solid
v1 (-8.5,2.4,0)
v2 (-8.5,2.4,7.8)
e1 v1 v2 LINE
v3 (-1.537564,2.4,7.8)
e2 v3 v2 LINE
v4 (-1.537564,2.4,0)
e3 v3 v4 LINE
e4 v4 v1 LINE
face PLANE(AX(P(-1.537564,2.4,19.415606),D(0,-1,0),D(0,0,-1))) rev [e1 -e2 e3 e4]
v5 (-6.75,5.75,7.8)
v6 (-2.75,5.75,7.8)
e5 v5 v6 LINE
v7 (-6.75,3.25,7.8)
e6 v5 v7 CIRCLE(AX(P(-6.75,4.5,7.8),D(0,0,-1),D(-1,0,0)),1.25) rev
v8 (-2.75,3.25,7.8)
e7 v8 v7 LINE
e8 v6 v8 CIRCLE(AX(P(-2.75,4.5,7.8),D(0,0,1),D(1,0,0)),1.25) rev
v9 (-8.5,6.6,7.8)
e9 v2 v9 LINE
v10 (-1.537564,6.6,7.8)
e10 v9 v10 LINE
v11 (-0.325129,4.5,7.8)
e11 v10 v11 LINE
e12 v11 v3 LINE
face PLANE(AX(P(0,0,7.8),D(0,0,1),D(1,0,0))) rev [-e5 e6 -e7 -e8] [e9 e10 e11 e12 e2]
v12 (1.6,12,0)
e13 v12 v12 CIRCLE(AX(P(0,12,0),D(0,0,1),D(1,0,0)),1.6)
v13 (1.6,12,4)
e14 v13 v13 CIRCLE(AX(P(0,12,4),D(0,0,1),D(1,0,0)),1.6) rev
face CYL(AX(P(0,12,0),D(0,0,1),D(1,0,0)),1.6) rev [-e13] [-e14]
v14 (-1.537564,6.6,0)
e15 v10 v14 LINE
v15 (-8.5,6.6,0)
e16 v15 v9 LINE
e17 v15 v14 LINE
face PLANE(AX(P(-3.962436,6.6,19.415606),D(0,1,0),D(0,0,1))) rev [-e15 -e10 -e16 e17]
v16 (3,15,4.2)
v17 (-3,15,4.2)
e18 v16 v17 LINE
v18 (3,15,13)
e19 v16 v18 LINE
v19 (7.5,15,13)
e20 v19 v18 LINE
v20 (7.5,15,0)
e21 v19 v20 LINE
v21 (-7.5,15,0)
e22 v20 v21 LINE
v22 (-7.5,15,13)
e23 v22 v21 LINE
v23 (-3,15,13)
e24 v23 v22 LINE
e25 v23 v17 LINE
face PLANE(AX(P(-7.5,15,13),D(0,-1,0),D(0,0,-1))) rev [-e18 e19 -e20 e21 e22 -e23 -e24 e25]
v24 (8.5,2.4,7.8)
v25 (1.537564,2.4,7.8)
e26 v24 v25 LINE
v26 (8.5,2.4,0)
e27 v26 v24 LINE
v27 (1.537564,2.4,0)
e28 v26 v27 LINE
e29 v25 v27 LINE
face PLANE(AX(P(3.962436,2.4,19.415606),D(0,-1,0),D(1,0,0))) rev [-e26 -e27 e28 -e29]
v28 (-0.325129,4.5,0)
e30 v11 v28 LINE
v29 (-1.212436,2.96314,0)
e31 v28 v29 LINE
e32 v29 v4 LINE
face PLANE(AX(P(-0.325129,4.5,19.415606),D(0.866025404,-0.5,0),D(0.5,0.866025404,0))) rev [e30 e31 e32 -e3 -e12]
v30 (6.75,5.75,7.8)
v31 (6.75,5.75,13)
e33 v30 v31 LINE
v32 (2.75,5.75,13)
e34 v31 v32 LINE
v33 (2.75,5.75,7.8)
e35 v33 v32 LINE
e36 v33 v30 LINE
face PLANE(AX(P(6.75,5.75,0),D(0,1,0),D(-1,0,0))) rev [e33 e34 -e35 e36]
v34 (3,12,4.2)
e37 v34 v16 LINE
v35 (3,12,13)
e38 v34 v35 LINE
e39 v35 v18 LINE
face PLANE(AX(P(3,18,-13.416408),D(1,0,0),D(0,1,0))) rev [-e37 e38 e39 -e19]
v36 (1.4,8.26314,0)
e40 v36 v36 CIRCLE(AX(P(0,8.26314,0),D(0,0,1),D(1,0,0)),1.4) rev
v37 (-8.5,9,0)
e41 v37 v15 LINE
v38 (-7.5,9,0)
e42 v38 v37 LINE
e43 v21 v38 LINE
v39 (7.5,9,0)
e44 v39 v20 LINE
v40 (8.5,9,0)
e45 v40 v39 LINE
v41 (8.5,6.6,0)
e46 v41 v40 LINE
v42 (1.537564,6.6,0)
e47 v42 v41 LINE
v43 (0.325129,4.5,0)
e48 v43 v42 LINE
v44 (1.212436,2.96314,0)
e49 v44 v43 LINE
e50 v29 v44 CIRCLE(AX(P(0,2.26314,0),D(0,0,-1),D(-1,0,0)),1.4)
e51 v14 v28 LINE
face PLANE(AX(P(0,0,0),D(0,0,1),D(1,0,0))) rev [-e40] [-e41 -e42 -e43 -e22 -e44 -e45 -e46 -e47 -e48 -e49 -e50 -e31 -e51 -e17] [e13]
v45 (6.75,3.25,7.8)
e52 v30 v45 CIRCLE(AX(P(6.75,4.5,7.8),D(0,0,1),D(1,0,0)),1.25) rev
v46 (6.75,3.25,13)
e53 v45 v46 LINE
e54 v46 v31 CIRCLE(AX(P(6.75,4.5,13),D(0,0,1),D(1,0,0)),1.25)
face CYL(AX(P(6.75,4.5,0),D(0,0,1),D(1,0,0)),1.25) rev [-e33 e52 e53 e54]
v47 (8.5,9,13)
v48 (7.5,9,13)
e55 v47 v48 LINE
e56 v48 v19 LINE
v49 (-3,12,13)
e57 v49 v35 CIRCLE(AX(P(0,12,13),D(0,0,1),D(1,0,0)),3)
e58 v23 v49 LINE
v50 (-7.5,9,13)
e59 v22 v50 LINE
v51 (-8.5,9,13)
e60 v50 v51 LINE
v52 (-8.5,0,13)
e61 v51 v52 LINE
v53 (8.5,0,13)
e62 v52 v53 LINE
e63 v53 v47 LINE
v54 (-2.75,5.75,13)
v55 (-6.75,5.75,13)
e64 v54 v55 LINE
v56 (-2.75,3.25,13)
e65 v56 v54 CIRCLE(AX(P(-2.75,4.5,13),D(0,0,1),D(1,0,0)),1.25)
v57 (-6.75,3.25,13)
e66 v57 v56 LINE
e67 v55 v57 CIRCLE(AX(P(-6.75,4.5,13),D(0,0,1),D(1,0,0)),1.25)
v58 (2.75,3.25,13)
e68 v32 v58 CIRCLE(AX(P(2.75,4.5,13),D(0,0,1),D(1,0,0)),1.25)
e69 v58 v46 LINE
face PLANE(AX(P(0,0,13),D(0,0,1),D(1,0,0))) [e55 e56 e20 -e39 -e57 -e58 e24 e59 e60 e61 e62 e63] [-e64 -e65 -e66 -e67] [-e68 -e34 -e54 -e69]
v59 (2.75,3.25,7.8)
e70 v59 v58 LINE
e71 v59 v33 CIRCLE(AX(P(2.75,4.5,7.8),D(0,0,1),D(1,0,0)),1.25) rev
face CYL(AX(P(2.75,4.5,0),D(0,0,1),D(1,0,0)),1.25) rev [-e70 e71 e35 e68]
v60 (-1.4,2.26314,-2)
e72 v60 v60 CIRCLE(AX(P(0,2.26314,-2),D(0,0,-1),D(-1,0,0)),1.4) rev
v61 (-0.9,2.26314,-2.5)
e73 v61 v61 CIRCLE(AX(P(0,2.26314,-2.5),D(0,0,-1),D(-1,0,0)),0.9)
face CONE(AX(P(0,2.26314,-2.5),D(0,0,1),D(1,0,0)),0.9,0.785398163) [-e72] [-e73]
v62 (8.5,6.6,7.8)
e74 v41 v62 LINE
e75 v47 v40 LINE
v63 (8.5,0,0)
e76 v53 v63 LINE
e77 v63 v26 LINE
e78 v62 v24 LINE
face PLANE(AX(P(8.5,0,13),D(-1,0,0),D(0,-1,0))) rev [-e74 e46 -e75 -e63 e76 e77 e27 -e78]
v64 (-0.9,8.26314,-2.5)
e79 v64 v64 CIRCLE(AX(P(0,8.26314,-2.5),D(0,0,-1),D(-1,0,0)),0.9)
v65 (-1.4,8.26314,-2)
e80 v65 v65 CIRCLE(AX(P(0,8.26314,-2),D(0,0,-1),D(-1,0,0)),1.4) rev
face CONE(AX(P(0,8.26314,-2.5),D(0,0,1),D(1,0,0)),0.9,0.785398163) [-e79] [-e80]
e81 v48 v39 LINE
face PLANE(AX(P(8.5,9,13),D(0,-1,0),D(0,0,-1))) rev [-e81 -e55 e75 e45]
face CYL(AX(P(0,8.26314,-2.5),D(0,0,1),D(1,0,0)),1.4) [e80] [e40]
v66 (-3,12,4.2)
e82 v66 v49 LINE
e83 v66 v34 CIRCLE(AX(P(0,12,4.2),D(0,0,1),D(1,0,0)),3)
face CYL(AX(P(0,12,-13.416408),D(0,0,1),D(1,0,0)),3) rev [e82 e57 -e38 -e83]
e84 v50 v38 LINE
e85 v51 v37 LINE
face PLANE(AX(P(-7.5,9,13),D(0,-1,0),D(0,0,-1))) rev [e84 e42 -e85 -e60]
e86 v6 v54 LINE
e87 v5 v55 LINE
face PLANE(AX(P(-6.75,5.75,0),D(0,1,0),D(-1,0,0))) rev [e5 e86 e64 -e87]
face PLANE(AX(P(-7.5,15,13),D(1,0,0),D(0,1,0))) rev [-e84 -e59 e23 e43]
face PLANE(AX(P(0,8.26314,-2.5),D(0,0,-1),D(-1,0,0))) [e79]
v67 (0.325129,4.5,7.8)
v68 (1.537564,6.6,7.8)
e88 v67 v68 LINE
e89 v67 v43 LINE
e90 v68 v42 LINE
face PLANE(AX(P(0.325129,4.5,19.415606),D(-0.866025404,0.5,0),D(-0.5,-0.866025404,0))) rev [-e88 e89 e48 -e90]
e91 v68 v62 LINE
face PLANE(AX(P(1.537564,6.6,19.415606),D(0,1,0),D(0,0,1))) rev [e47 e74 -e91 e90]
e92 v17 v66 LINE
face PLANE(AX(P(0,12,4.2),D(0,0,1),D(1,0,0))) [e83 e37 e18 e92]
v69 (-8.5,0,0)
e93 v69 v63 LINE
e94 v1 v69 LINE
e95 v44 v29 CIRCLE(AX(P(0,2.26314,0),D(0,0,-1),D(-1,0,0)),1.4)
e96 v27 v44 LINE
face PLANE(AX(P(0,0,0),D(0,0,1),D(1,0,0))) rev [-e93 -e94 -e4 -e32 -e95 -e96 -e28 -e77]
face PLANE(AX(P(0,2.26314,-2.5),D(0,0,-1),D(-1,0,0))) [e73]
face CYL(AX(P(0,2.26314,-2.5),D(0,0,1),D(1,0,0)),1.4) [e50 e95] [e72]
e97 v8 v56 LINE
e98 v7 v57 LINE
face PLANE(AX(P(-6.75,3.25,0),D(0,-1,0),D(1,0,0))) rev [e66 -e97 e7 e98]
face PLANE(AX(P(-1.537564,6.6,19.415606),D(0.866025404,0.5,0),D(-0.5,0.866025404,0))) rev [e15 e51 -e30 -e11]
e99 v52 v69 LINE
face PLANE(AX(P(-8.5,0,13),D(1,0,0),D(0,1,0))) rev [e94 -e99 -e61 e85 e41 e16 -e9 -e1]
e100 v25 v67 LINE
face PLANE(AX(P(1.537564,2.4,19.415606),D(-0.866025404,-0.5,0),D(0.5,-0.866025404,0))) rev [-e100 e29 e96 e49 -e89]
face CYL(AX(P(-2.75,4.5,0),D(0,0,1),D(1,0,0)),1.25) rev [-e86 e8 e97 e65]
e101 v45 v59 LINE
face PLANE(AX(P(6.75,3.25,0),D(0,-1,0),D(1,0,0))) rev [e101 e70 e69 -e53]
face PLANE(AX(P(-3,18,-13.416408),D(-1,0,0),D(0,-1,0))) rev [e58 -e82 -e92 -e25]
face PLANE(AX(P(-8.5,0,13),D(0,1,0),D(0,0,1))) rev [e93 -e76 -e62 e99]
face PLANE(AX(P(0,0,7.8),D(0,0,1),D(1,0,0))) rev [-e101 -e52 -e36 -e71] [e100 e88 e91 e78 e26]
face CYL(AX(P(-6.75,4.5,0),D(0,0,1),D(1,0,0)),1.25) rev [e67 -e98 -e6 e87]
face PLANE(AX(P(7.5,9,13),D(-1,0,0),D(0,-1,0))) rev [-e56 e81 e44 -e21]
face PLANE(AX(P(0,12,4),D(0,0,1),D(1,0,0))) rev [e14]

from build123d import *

# Parameters (mm, degrees)
BOSS_EXTRUDE1_DEPTH = 13
CUT_EXTRUDE1_DEPTH  = 9
SKETCH4_R           = 1.6
CUT_EXTRUDE2_DEPTH  = 20.448650339
SKETCH5_R           = 1.25
CUT_EXTRUDE3_DEPTH  = 22.592822882
CUT_EXTRUDE4_DEPTH  = 22.592822882
CUT_EXTRUDE5_DEPTH  = 7.8
SKETCH9_W           = 6.962435565
SKETCH9_H           = 4.2
CUT_EXTRUDE6_DEPTH  = 7.8
SKETCH10_R          = 1.4
BOSS_EXTRUDE2_DEPTH = 2.5
CHAMFER1_SIZE       = 0.5
BOSS_EXTRUDE3_START = 0.2
BOSS_EXTRUDE3_DEPTH = 0.2


with BuildPart() as part:
    # Sketch1 → Boss-Extrude1 (new body)
    with BuildSketch(Plane.XY):
        Polygon((-8.5, 0), (8.5, 0), (8.5, 9), (7.5, 9), (7.5, 15), (-7.5, 15), (-7.5, 9), (-8.5, 9), align=None)
    extrude(amount=BOSS_EXTRUDE1_DEPTH)

    # Sketch2 → Cut-Extrude1 (cut)
    with BuildSketch(Plane.XY.offset(13)):
        with BuildLine():
            Line((3, 18), (3, 12))
            ThreePointArc((3, 12), (0, 9), (-3, 12))
            Line((-3, 12), (-3, 18))
            ThreePointArc((-3, 18), (0, 21), (3, 18))
        make_face()
    extrude(amount=-CUT_EXTRUDE1_DEPTH, mode=Mode.SUBTRACT)

    # Sketch4 → Cut-Extrude2 (cut, through all)
    with BuildSketch(Plane.XY.offset(4)):
        with Locations((0, 12)):
            Circle(SKETCH4_R)
    extrude(amount=-CUT_EXTRUDE2_DEPTH, mode=Mode.SUBTRACT)

    # Sketch5 → Cut-Extrude3 (cut, through all)
    with BuildSketch(Plane.XY.offset(13)):
        with Locations((-4.75, 4.5)):
            Circle(SKETCH5_R)
        with Locations((4.75, 4.5)):
            Circle(SKETCH5_R)
    extrude(amount=-CUT_EXTRUDE3_DEPTH, mode=Mode.SUBTRACT)

    # Sketch7 → Cut-Extrude4 (cut, through all)
    with BuildSketch(Plane.XY.offset(13)):
        with BuildLine():
            Line((-6.75, 5.75), (-2.75, 5.75))
            ThreePointArc((-2.75, 5.75), (-1.5, 4.5), (-2.75, 3.25))
            Line((-2.75, 3.25), (-6.75, 3.25))
            ThreePointArc((-6.75, 3.25), (-8, 4.5), (-6.75, 5.75))
        make_face()
        with BuildLine():
            Line((6.75, 3.25), (2.75, 3.25))
            ThreePointArc((2.75, 3.25), (1.5, 4.5), (2.75, 5.75))
            Line((2.75, 5.75), (6.75, 5.75))
            ThreePointArc((6.75, 5.75), (8, 4.5), (6.75, 3.25))
        make_face()
    extrude(amount=-CUT_EXTRUDE4_DEPTH, mode=Mode.SUBTRACT)

    # Sketch8 → Cut-Extrude5 (cut)
    with BuildSketch(Plane(origin=(0, 0, 0), x_dir=(-1, 0, 0), z_dir=(0, 0, -1))):
        Polygon((-1.537564435, 6.6), (-3.962435565, 6.6), (-5.174871131, 4.5), (-3.962435565, 2.4), (-1.537564435, 2.4), (-0.325128869, 4.5), align=None)
        Polygon((1.537564435, 6.6), (0.325128869, 4.5), (1.537564435, 2.4), (3.962435565, 2.4), (5.174871131, 4.5), (3.962435565, 6.6), align=None)
    extrude(amount=-CUT_EXTRUDE5_DEPTH, mode=Mode.SUBTRACT)

    # Sketch9 → Cut-Extrude6 (cut)
    with BuildSketch(Plane(origin=(0, 0, 7.8), x_dir=(-1, 0, 0), z_dir=(0, 0, -1))):
        with Locations((5.018782218, 4.5)):
            Rectangle(SKETCH9_W, SKETCH9_H)
        with Locations((-5.018782218, 4.5)):
            Rectangle(SKETCH9_W, SKETCH9_H)
    extrude(amount=CUT_EXTRUDE6_DEPTH, mode=Mode.SUBTRACT)

    # Sketch10 → Boss-Extrude2 (add)
    with BuildSketch(Plane(origin=(0, 0, 0), x_dir=(-1, 0, 0), z_dir=(0, 0, -1))):
        with Locations(Location((0, 8.263139721, 0), (0, 0, 180))):
            Circle(SKETCH10_R)
        with Locations(Location((0, 2.263139721, 0), (0, 0, 150))):
            Circle(SKETCH10_R)
    extrude(amount=BOSS_EXTRUDE2_DEPTH)

    # Chamfer1
    chamfer1_edges = [part.edges().sort_by_distance(p)[0] for p in [
        (-1.4, 8.263139721, -2.5),
        (-1.212435565, 1.563139721, -2.5),
    ]]
    chamfer(chamfer1_edges, length=CHAMFER1_SIZE)

    # Sketch11 → Boss-Extrude3 (add)
    with BuildSketch(Plane.XY.offset(4).offset(BOSS_EXTRUDE3_START)):
        with BuildLine():
            Line((3, 15), (-3, 15))
            Line((-3, 15), (-3, 12))
            ThreePointArc((-3, 12), (0, 9), (3, 12))
            Line((3, 12), (3, 15))
        make_face()
    extrude(amount=-BOSS_EXTRUDE3_DEPTH)


solid = part.part
